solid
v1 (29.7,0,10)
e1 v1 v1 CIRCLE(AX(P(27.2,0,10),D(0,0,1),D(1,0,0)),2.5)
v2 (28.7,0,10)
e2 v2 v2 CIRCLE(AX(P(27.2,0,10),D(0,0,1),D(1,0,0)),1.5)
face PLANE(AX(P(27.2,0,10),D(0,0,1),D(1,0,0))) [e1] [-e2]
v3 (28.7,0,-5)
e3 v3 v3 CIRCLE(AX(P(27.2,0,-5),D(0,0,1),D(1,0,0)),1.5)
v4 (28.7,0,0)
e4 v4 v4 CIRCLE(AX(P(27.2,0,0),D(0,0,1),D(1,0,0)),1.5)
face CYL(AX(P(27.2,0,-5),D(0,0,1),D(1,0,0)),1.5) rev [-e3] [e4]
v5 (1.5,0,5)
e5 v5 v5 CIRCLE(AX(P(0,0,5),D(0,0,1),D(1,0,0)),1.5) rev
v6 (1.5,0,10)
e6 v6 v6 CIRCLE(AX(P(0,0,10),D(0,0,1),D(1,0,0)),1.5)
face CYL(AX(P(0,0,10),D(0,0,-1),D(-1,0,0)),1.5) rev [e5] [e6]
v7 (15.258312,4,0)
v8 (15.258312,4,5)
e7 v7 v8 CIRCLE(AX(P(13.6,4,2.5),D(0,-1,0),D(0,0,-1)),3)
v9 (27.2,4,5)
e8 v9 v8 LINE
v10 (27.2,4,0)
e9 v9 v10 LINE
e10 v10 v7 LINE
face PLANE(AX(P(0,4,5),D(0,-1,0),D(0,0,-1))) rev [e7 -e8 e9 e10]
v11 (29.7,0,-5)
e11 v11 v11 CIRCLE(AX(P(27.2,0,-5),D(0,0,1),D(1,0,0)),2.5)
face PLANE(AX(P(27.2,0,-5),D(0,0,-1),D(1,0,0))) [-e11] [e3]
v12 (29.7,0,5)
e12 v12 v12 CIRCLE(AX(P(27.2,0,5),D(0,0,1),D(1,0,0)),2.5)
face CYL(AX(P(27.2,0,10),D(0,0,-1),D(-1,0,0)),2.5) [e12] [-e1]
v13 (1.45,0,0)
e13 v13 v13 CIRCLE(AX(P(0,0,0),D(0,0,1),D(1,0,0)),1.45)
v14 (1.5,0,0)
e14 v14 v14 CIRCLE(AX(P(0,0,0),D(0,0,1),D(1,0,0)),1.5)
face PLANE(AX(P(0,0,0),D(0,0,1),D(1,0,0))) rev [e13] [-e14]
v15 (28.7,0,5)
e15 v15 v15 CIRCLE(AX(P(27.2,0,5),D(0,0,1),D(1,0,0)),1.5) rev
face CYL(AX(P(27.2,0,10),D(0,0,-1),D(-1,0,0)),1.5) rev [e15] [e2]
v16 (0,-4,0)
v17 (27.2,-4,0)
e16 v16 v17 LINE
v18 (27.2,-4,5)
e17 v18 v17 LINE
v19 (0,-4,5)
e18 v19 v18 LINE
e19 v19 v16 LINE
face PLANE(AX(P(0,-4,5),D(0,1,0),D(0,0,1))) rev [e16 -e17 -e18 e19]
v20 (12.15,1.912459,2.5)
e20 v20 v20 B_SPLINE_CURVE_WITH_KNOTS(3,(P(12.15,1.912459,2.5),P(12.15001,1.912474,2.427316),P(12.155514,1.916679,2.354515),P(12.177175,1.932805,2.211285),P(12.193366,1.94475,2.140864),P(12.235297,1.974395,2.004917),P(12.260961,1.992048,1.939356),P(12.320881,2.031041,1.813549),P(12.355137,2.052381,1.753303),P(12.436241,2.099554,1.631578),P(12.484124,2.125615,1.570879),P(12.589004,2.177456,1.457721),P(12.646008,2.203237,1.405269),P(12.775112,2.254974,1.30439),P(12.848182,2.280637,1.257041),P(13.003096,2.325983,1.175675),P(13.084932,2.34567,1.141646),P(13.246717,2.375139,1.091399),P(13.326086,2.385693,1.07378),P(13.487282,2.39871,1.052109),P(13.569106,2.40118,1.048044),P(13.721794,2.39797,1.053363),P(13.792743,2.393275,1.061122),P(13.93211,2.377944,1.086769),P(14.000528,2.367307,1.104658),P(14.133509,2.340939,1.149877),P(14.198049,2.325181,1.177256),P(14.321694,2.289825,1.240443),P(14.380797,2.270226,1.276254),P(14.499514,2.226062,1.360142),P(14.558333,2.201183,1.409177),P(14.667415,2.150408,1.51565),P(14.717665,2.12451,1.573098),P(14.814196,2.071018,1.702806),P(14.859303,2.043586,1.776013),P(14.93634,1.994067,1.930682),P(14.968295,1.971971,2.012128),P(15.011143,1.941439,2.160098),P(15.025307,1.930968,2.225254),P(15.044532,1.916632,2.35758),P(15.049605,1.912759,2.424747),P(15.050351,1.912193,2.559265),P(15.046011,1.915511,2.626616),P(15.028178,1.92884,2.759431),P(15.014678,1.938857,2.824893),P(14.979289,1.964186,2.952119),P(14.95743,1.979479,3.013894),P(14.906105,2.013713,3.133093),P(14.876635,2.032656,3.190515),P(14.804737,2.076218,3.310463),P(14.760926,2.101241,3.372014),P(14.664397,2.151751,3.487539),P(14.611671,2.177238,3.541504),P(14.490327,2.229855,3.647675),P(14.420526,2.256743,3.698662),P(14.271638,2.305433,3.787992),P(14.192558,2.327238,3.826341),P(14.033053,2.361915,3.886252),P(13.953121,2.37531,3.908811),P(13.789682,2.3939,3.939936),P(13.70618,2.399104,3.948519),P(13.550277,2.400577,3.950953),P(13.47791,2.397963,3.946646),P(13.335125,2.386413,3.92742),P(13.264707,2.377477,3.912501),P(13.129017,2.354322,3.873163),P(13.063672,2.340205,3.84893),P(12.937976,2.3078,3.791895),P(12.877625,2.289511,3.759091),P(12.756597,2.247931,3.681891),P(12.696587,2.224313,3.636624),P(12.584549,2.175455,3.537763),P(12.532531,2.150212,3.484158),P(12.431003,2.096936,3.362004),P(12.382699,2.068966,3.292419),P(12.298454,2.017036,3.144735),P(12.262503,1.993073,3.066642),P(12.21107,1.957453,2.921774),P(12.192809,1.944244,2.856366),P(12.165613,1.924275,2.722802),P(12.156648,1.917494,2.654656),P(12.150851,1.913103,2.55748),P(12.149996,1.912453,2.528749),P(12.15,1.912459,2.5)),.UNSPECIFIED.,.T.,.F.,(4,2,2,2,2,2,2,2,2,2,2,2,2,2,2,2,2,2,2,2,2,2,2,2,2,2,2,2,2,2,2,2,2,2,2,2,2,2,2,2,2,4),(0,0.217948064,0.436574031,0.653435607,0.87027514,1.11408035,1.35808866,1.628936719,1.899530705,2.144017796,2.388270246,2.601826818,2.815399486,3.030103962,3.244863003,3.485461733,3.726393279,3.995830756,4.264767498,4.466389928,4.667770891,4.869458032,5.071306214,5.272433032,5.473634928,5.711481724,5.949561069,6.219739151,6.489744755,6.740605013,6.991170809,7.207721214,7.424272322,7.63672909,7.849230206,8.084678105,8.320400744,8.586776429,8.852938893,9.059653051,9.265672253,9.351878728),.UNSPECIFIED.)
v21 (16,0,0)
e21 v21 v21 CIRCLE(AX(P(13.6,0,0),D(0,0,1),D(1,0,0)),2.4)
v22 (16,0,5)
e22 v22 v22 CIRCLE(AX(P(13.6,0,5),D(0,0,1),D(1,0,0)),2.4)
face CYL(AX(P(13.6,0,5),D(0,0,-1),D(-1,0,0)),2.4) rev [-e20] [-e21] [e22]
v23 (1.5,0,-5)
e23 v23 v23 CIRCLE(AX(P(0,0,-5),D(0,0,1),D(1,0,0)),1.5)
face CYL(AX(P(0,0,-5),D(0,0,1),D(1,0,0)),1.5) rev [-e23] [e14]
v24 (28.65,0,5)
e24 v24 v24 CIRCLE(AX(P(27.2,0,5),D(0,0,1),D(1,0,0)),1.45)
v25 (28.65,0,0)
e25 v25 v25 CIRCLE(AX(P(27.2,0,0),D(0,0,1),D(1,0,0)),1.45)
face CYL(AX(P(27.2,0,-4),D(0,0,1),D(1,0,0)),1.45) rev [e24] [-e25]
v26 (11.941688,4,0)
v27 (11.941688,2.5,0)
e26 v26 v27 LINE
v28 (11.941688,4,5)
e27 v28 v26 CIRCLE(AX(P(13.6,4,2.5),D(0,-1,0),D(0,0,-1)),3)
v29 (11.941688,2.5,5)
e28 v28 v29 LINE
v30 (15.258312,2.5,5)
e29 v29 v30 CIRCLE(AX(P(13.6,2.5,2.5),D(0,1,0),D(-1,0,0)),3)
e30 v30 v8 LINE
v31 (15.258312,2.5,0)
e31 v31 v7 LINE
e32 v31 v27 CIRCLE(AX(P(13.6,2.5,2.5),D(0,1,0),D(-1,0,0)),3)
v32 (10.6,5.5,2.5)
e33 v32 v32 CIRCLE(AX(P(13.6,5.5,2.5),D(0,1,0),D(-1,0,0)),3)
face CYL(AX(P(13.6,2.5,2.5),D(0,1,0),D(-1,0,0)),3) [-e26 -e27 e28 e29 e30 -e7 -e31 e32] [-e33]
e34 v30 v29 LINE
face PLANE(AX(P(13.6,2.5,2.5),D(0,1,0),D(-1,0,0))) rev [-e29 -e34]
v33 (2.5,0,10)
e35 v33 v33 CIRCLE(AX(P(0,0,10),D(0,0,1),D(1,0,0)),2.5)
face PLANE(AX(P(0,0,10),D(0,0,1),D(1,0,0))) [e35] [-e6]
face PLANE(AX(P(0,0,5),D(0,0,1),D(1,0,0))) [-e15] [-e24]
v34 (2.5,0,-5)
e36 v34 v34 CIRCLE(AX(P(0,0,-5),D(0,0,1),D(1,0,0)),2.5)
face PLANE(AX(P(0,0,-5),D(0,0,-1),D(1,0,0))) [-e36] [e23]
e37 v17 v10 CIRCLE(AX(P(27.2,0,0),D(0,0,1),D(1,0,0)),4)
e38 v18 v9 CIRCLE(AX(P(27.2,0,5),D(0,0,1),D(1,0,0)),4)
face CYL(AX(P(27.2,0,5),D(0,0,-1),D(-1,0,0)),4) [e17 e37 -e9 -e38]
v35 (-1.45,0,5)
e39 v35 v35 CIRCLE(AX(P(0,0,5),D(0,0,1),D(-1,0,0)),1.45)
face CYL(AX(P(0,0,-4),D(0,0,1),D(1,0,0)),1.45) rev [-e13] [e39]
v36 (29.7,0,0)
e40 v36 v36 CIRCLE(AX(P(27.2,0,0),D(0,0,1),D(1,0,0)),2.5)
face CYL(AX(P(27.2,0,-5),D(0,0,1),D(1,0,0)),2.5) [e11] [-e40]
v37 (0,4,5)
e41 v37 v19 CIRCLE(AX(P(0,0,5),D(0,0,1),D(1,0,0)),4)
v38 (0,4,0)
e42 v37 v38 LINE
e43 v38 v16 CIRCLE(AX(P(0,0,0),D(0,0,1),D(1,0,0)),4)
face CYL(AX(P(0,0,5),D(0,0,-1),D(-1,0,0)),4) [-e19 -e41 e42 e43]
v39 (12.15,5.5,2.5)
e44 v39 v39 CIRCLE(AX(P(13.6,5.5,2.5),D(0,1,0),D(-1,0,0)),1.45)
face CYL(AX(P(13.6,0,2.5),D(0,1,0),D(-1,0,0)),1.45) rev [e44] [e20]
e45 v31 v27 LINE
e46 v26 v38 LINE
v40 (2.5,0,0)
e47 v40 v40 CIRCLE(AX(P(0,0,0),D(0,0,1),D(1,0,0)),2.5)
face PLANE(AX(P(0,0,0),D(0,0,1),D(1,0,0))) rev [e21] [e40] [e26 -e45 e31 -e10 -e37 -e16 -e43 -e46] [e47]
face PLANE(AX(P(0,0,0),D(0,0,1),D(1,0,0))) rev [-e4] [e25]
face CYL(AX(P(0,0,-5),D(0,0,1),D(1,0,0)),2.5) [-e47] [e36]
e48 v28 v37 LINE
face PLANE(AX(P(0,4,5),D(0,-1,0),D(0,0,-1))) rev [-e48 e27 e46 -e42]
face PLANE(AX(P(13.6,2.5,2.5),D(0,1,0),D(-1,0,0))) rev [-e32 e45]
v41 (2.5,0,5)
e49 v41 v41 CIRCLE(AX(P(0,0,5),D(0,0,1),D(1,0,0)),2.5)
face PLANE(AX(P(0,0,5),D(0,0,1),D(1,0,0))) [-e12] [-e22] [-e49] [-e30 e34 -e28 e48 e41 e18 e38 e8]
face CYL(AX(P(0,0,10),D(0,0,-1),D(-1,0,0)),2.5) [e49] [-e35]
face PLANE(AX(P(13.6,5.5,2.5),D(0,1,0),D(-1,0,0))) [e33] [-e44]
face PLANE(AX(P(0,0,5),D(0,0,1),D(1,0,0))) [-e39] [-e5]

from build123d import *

# Parameters (mm, degrees)
SKETCH1_R           = 2.4
BOSS_EXTRUDE1_DEPTH = 5
SKETCH5_R           = 3
BOSS_EXTRUDE3_DEPTH = 1.5
SKETCH6_R           = 1.45
CUT_EXTRUDE4_DEPTH  = 9
SKETCH2_R           = 1.45
CUT_EXTRUDE3_DEPTH  = 4
SKETCH7_R           = 2.5
SKETCH7_R_2         = 1.5
BOSS_EXTRUDE4_DEPTH = 5


with BuildPart() as part:
    # Sketch1 → Boss-Extrude1 (new body)
    with BuildSketch(Plane.XY):
        with BuildLine():
            Line((0, 4), (27.2, 4))
            ThreePointArc((27.2, 4), (31.2, 0), (27.2, -4))
            Line((27.2, -4), (0, -4))
            ThreePointArc((0, -4), (-4, 0), (0, 4))
        make_face()
        with Locations((13.6, 0)):
            Circle(SKETCH1_R, mode=Mode.SUBTRACT)
    extrude(amount=BOSS_EXTRUDE1_DEPTH)

    # Sketch5 → Boss-Extrude3 (add, symmetric)
    with BuildSketch(Plane(origin=(0, 4, 0), x_dir=(1, 0, 0), z_dir=(0, 1, 0))):
        with Locations((13.6, -2.5)):
            Circle(SKETCH5_R)
    extrude(amount=BOSS_EXTRUDE3_DEPTH, both=True)

    # Sketch6 → Cut-Extrude4 (cut)
    with BuildSketch(Plane.XY.offset(5)):
        with Locations((27.2, 0)):
            Circle(SKETCH6_R)
        Circle(SKETCH6_R)
    cut_extrude4 = extrude(amount=-CUT_EXTRUDE4_DEPTH, mode=Mode.SUBTRACT)

    # Sketch2 → Cut-Extrude3 (cut, symmetric)
    with BuildSketch(Plane(origin=(0, 4, 0), x_dir=(1, 0, 0), z_dir=(0, 1, 0))):
        with Locations((13.6, -2.5)):
            Circle(SKETCH2_R)
    extrude(amount=CUT_EXTRUDE3_DEPTH, both=True, mode=Mode.SUBTRACT)

    # Sketch7 → Boss-Extrude4 (add)
    with BuildSketch(Plane.XY.offset(5)):
        with Locations((27.2, 0)):
            Circle(SKETCH7_R)
        with Locations((27.2, 0)):
            Circle(SKETCH7_R_2, mode=Mode.SUBTRACT)
        Circle(SKETCH7_R)
        Circle(SKETCH7_R_2, mode=Mode.SUBTRACT)
    boss_extrude4 = extrude(amount=BOSS_EXTRUDE4_DEPTH)

    # Mirror1: Cut-Extrude4, Boss-Extrude4 across plane
    add(cut_extrude4.mirror(Plane(origin=(0, 0, 2.5), x_dir=(1, 0, 0), z_dir=(0, 0, -1))), mode=Mode.SUBTRACT)
    add(boss_extrude4.mirror(Plane(origin=(0, 0, 2.5), x_dir=(1, 0, 0), z_dir=(0, 0, -1))))


solid = part.part
